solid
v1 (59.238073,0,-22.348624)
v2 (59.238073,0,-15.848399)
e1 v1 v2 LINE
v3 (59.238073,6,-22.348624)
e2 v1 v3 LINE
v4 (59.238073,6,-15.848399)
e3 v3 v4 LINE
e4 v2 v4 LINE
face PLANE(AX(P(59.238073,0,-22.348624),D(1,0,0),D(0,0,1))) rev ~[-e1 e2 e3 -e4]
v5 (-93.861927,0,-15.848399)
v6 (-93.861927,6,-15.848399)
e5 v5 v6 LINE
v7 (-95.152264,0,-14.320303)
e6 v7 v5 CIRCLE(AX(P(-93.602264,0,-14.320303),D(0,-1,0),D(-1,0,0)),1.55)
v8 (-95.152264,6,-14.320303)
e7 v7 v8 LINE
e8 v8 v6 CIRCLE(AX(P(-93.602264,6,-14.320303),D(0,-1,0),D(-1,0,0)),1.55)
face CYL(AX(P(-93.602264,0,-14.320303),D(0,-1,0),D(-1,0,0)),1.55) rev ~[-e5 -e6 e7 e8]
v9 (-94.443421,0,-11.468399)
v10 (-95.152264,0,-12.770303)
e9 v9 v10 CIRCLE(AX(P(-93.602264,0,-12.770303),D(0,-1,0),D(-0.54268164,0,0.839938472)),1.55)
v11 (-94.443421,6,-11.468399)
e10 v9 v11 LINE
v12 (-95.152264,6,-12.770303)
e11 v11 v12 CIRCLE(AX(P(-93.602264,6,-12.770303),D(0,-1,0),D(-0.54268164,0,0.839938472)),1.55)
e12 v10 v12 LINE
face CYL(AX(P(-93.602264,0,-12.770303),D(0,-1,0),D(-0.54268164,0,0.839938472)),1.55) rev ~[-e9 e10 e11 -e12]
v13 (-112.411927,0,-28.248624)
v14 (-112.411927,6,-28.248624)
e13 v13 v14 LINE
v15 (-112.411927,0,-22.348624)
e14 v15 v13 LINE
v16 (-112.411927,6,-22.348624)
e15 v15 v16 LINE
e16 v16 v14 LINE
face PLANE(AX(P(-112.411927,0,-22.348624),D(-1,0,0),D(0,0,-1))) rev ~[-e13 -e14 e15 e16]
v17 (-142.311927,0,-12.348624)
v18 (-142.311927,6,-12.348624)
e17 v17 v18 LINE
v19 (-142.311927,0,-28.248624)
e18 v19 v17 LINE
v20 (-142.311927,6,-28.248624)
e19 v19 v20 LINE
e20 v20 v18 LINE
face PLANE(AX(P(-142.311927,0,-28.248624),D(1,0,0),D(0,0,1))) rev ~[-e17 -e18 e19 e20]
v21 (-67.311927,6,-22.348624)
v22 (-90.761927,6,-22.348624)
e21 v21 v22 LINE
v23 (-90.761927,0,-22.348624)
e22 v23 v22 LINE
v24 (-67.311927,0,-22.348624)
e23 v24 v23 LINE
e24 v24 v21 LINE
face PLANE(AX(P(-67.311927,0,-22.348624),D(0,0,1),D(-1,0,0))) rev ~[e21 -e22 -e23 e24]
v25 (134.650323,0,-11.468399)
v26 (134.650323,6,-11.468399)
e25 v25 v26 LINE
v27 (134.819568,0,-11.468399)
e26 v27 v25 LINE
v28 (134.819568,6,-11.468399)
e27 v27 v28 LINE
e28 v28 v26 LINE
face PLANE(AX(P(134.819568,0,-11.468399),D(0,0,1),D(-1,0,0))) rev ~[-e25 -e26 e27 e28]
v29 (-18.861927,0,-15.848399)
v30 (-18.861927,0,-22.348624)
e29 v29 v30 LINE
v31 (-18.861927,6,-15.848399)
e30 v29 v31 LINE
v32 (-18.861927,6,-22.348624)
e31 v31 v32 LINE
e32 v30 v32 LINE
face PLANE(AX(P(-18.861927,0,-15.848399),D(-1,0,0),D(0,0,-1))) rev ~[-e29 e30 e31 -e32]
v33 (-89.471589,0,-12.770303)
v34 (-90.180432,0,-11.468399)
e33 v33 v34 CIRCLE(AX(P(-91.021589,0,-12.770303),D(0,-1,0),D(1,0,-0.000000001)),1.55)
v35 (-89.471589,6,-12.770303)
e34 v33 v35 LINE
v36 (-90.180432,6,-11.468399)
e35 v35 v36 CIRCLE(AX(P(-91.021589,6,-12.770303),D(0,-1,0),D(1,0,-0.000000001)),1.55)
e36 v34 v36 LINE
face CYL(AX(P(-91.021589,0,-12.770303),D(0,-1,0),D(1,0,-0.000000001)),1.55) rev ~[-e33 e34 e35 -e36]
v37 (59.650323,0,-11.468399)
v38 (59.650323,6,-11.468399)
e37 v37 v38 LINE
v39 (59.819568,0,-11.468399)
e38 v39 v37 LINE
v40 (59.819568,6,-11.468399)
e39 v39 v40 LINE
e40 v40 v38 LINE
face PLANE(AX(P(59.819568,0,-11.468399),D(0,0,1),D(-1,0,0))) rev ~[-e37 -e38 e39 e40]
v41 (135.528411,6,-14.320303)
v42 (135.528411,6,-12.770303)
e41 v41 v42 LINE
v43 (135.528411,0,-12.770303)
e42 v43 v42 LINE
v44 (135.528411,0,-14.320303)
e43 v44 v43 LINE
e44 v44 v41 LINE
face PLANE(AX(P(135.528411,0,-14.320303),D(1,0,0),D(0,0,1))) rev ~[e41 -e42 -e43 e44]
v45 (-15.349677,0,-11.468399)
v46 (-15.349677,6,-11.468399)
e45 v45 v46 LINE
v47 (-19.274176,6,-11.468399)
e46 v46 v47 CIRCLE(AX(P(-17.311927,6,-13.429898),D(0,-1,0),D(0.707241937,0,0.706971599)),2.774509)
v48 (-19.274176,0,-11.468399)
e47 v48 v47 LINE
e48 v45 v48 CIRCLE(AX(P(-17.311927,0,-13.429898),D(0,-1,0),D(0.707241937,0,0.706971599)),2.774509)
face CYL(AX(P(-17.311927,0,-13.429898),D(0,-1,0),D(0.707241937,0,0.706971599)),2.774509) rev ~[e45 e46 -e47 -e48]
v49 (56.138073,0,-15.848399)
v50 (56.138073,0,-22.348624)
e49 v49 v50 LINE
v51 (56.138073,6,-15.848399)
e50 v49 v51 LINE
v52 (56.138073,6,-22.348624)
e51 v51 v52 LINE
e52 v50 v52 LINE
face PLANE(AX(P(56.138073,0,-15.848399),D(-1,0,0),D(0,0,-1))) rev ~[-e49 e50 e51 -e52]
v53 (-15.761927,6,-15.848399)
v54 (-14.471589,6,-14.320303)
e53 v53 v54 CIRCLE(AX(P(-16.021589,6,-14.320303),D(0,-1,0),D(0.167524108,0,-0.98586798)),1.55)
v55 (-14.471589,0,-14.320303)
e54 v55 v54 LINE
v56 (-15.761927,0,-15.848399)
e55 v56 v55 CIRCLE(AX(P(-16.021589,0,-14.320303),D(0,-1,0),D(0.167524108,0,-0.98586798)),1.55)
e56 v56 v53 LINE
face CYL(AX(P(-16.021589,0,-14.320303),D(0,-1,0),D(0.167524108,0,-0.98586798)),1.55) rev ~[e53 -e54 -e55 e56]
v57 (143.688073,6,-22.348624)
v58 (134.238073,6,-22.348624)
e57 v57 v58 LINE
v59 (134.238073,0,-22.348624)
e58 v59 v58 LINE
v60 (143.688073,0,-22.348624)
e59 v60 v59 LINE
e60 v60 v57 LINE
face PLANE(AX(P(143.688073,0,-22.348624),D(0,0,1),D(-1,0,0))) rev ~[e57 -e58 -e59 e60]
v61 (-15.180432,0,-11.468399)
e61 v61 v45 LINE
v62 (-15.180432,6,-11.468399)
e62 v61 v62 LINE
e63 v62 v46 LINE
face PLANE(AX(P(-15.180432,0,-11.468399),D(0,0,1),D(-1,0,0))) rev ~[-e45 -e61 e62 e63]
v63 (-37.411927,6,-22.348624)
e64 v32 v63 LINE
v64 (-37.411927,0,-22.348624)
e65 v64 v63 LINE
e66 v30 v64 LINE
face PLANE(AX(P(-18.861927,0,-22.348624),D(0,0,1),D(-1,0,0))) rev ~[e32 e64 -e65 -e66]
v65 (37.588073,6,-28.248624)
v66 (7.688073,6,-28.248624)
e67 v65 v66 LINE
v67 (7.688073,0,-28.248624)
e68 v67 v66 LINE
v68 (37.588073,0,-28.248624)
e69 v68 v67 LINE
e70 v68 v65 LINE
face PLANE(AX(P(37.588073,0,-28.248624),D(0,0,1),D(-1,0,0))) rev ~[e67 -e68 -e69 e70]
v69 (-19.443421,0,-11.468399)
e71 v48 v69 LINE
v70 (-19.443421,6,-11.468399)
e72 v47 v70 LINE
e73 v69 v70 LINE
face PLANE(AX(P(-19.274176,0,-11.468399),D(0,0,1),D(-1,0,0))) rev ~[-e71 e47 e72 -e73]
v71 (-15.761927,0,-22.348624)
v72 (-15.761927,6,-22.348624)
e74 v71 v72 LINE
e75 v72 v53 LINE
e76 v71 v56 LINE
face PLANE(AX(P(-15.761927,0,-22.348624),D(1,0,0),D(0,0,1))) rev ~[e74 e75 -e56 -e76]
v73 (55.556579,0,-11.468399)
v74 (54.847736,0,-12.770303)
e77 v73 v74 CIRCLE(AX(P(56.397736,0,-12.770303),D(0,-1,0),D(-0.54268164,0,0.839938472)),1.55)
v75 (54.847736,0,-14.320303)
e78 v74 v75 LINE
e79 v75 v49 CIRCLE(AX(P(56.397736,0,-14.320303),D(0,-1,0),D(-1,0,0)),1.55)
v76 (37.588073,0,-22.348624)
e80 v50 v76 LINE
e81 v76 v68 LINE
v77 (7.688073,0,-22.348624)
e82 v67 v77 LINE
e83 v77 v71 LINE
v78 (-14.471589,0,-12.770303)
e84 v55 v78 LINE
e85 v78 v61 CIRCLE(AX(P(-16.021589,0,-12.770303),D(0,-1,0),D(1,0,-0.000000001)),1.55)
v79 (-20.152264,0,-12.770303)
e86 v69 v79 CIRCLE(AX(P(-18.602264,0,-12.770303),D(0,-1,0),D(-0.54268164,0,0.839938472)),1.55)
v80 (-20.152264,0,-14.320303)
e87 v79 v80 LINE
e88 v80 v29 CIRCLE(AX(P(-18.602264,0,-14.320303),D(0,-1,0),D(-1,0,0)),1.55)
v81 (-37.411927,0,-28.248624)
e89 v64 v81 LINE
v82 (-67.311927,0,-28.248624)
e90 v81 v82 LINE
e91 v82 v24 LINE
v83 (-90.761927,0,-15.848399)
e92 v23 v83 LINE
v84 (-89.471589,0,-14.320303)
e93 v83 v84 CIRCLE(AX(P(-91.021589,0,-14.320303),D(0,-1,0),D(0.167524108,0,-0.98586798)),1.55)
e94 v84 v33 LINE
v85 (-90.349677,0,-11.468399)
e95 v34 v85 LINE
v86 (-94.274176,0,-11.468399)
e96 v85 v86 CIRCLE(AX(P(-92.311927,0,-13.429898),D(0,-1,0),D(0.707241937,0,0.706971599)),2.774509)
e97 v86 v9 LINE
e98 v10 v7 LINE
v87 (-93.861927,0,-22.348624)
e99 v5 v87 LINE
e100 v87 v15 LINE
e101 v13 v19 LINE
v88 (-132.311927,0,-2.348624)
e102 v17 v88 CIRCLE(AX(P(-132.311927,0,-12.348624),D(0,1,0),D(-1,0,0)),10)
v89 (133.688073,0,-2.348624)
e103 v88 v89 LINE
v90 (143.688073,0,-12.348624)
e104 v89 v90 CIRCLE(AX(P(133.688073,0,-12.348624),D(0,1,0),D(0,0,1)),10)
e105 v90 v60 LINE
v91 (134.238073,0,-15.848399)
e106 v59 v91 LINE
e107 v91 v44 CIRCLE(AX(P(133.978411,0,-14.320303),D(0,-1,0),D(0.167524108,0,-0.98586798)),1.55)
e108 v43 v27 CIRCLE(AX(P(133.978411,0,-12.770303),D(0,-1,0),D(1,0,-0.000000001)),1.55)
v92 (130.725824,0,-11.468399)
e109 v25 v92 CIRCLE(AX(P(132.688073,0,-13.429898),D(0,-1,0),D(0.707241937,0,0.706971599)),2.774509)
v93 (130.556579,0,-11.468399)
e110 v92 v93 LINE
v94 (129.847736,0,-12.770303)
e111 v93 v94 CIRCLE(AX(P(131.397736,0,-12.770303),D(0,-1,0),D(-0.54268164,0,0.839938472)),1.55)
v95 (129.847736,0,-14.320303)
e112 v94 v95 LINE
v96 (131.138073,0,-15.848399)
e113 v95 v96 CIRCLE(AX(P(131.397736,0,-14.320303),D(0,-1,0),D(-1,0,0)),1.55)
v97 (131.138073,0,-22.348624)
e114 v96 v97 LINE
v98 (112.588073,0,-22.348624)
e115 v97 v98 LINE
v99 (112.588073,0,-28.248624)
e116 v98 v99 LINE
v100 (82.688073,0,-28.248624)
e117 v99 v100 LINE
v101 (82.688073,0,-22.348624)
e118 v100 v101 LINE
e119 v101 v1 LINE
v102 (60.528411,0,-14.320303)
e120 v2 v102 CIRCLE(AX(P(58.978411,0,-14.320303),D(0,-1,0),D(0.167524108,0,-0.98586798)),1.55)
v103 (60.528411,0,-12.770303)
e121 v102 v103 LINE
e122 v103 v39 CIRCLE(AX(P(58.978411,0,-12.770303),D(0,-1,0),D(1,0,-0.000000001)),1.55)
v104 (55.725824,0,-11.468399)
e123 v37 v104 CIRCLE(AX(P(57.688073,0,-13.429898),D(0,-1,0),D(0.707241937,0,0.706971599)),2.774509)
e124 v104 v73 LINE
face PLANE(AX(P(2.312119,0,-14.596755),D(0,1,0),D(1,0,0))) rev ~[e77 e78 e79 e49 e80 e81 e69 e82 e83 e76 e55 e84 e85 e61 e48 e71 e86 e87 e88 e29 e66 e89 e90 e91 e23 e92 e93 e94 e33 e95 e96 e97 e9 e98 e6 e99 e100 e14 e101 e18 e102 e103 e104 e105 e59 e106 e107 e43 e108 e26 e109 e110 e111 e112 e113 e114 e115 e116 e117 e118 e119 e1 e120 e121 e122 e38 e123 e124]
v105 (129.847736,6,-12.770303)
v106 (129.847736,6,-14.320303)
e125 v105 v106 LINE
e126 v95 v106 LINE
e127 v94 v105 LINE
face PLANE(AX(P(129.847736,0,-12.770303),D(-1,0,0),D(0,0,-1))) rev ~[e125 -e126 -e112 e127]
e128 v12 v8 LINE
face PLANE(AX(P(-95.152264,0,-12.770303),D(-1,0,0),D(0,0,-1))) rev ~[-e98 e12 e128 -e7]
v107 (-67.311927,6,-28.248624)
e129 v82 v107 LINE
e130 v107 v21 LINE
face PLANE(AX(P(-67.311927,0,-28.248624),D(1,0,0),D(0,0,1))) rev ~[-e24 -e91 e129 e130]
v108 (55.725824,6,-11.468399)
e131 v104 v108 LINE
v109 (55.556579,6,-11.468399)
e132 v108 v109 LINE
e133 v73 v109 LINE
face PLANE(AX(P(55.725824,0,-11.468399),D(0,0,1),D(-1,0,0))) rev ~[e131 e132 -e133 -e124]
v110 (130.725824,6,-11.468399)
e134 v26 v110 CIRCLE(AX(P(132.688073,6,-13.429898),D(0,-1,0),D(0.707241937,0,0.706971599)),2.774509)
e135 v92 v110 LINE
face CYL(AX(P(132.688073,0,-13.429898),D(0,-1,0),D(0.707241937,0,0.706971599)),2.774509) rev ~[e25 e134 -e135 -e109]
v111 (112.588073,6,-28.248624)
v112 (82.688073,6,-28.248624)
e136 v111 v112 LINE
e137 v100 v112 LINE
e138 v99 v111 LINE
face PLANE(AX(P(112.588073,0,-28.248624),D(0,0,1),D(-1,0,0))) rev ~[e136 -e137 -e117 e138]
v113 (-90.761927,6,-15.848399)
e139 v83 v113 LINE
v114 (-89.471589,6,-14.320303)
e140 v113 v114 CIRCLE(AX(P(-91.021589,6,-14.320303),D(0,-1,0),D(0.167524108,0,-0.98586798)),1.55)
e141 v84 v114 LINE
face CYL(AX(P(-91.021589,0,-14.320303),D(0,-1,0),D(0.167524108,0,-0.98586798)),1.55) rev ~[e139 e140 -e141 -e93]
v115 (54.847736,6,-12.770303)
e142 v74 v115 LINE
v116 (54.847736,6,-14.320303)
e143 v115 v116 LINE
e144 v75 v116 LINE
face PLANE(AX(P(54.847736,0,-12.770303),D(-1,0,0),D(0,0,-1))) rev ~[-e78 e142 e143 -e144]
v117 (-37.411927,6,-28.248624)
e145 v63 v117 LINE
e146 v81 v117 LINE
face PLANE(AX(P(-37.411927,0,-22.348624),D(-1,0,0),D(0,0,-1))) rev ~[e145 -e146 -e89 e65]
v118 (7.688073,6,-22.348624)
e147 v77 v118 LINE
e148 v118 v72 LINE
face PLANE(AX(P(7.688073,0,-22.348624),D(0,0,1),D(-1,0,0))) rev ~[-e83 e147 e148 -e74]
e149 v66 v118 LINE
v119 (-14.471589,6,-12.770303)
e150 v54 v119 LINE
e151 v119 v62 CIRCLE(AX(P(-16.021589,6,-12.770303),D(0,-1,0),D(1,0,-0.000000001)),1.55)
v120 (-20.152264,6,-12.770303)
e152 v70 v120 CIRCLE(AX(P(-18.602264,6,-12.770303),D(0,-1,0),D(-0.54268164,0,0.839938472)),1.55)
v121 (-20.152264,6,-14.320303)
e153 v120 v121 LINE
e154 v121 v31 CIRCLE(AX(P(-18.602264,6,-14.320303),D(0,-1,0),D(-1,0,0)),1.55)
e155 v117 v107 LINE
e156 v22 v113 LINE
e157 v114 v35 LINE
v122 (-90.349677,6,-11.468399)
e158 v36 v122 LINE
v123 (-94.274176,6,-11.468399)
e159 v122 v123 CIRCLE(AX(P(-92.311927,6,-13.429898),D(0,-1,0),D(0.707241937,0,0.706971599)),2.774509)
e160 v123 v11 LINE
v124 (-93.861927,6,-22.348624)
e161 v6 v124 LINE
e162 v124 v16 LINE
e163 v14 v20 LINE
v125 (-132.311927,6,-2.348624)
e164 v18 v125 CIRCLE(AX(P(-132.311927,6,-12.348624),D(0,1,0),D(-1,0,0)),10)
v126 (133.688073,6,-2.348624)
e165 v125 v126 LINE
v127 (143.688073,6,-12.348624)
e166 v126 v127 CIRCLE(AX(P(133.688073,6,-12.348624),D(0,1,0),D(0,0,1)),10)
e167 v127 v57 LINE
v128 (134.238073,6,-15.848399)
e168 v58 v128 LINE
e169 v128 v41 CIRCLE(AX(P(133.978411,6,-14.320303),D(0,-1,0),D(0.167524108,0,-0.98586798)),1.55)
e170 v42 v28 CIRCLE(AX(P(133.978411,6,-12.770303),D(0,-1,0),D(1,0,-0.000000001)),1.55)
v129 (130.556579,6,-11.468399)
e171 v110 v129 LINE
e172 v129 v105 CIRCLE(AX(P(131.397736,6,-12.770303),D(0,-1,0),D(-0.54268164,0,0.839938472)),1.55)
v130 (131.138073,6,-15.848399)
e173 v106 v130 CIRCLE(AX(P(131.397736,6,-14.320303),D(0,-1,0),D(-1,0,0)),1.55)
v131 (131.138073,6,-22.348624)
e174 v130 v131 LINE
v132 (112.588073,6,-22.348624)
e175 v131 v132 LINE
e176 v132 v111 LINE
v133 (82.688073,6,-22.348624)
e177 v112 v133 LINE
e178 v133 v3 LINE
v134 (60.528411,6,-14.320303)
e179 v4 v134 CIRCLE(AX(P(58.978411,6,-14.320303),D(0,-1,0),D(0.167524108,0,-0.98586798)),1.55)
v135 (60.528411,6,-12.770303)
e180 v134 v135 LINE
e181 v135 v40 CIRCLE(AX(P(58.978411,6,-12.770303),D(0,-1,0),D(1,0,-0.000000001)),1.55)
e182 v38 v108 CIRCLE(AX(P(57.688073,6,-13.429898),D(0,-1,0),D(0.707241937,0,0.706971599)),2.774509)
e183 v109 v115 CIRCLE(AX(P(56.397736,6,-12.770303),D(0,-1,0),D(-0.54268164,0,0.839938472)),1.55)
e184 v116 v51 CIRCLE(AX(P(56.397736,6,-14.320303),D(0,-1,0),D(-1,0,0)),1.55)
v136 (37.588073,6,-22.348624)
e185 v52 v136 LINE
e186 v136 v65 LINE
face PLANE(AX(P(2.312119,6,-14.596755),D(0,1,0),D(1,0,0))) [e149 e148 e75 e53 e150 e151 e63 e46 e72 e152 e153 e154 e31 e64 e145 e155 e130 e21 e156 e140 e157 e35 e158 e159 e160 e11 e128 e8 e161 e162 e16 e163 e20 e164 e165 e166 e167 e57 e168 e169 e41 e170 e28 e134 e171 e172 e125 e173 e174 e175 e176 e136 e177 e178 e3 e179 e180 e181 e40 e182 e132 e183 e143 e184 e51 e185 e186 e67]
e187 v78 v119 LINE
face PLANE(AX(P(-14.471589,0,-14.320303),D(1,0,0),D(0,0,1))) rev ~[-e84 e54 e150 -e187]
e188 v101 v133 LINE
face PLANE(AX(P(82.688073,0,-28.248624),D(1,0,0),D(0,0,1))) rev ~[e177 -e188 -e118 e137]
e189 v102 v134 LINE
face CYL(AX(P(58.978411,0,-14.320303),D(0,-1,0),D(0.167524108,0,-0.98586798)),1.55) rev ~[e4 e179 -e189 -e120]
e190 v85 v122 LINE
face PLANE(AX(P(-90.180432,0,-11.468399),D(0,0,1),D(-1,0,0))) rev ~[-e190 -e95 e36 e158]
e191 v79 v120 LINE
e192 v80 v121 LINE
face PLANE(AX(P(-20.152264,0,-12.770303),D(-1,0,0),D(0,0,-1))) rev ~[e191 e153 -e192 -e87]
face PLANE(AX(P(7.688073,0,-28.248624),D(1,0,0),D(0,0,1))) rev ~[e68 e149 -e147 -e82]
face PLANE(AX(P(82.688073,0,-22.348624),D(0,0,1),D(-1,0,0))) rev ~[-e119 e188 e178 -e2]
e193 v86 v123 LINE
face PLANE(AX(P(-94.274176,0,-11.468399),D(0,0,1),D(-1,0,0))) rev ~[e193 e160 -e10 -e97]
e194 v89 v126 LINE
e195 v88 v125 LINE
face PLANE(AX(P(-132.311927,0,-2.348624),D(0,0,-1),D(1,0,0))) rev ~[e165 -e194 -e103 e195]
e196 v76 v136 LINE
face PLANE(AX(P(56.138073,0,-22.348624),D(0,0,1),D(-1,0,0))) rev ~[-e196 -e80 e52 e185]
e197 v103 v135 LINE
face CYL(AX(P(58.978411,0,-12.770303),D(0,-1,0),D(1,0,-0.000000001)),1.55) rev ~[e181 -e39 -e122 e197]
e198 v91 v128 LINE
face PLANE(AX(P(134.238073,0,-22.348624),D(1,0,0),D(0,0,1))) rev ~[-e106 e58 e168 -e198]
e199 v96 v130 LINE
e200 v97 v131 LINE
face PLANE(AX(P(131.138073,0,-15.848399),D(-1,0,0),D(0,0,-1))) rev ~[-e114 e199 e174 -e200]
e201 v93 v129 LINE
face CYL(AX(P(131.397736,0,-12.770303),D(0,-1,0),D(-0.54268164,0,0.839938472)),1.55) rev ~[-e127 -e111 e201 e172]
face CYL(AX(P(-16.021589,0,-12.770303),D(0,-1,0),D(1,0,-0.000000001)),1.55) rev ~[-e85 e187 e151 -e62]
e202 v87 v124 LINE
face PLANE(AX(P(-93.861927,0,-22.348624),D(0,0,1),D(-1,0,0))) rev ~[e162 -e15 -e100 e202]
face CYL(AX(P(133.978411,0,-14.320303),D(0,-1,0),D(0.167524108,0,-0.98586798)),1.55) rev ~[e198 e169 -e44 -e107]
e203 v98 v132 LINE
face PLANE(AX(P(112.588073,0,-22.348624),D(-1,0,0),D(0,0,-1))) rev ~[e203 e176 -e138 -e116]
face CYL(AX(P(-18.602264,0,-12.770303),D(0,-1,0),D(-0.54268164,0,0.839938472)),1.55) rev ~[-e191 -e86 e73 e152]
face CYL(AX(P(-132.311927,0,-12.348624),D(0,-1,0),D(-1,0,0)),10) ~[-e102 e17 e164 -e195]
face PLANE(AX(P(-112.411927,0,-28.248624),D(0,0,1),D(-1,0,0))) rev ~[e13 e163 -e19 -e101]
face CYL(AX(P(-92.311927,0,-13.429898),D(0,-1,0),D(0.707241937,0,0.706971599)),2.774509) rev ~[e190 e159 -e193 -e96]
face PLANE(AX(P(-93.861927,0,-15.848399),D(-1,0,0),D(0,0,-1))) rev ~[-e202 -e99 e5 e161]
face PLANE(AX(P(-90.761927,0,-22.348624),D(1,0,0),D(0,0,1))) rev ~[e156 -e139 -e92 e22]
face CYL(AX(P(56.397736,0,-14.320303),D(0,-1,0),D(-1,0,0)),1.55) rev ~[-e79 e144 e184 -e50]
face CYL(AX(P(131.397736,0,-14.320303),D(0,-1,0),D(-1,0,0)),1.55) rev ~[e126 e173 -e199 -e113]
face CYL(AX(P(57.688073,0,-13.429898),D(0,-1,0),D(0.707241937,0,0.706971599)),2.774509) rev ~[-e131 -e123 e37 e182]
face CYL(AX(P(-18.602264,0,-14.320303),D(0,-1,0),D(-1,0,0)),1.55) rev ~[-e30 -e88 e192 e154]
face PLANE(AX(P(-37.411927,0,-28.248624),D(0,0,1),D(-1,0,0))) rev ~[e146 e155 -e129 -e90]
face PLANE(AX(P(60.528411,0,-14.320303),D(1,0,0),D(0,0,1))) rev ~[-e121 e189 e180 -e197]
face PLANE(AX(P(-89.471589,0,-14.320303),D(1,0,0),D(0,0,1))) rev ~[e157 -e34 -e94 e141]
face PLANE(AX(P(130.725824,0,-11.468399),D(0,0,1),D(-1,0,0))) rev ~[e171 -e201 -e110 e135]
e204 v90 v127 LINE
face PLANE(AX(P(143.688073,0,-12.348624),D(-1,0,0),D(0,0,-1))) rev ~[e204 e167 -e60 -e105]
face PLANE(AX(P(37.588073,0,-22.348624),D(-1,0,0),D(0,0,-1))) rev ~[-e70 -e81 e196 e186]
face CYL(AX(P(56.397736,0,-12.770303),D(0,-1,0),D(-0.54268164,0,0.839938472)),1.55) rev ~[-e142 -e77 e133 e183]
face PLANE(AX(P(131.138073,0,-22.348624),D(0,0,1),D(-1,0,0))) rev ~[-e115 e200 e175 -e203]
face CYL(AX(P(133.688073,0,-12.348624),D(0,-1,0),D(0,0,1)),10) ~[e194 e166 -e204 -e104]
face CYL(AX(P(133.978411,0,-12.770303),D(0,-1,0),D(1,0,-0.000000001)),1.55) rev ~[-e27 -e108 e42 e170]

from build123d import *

# Parameters (mm, degrees)
SALIENTE_EXTRUIR1_DEPTH = 6


with BuildPart() as part:
    # Croquis1 → Saliente-Extruir1 (new body)
    with BuildSketch(Plane(origin=(0, 0, 0), x_dir=(1, 0, 0), z_dir=(0, 1, 0))):
        with BuildLine():
            ThreePointArc((-95.152264236, 14.320303243), (-94.78653124, 15.320309075), (-93.861926606, 15.848398611))
            Line((-93.861926606, 15.848398611), (-93.861926606, 22.348623853))
            Line((-93.861926606, 22.348623853), (-112.411926606, 22.348623853))
            Line((-112.411926606, 22.348623853), (-112.411926606, 28.248623853))
            Line((-112.411926606, 28.248623853), (-142.311926606, 28.248623853))
            Line((-142.311926606, 28.248623853), (-142.311926606, 22.348623853))
            Line((-142.311926606, 22.348623853), (-142.311926606, 12.348623853))
            ThreePointArc((-142.311926606, 12.348623853), (-139.382994417, 5.277556041), (-132.311926606, 2.348623853))
            Line((-132.311926606, 2.348623853), (127.688073394, 2.348623853))
            Line((127.688073394, 2.348623853), (133.688073394, 2.348623853))
            ThreePointArc((133.688073394, 2.348623853), (140.759141206, 5.277556041), (143.688073394, 12.348623853))
            Line((143.688073394, 12.348623853), (143.688073394, 22.348623853))
            Line((143.688073394, 22.348623853), (137.688073394, 22.348623853))
            Line((137.688073394, 22.348623853), (134.238073394, 22.348623853))
            Line((134.238073394, 22.348623853), (134.238073394, 15.848398611))
            ThreePointArc((134.238073394, 15.848398611), (135.162678029, 15.320309075), (135.528411025, 14.320303243))
            Line((135.528411025, 14.320303243), (135.528411025, 12.770303243))
            ThreePointArc((135.528411025, 12.770303243), (135.339714195, 12.029119271), (134.819567568, 11.468398611))
            Line((134.819567568, 11.468398611), (134.650322636, 11.468398611))
            ThreePointArc((134.650322636, 11.468398611), (132.688073394, 10.655388626), (130.725824153, 11.468398611))
            Line((130.725824153, 11.468398611), (130.556579221, 11.468398611))
            ThreePointArc((130.556579221, 11.468398611), (130.036432594, 12.029119271), (129.847735764, 12.770303243))
            Line((129.847735764, 12.770303243), (129.847735764, 14.320303243))
            ThreePointArc((129.847735764, 14.320303243), (130.21346876, 15.320309075), (131.138073394, 15.848398611))
            Line((131.138073394, 15.848398611), (131.138073394, 22.348623853))
            Line((131.138073394, 22.348623853), (112.588073394, 22.348623853))
            Line((112.588073394, 22.348623853), (112.588073394, 28.248623853))
            Line((112.588073394, 28.248623853), (82.688073394, 28.248623853))
            Line((82.688073394, 28.248623853), (82.688073394, 22.348623853))
            Line((82.688073394, 22.348623853), (59.238073394, 22.348623853))
            Line((59.238073394, 22.348623853), (59.238073394, 15.848398611))
            ThreePointArc((59.238073394, 15.848398611), (60.162678029, 15.320309075), (60.528411025, 14.320303243))
            Line((60.528411025, 14.320303243), (60.528411025, 12.770303243))
            ThreePointArc((60.528411025, 12.770303243), (60.339714195, 12.029119271), (59.819567568, 11.468398611))
            Line((59.819567568, 11.468398611), (59.650322636, 11.468398611))
            ThreePointArc((59.650322636, 11.468398611), (57.688073394, 10.655388626), (55.725824153, 11.468398611))
            Line((55.725824153, 11.468398611), (55.556579221, 11.468398611))
            ThreePointArc((55.556579221, 11.468398611), (55.036432594, 12.029119271), (54.847735764, 12.770303243))
            Line((54.847735764, 12.770303243), (54.847735764, 14.320303243))
            ThreePointArc((54.847735764, 14.320303243), (55.21346876, 15.320309075), (56.138073394, 15.848398611))
            Line((56.138073394, 15.848398611), (56.138073394, 22.348623853))
            Line((56.138073394, 22.348623853), (37.588073394, 22.348623853))
            Line((37.588073394, 22.348623853), (37.588073394, 28.248623853))
            Line((37.588073394, 28.248623853), (7.688073394, 28.248623853))
            Line((7.688073394, 28.248623853), (7.688073394, 22.348623853))
            Line((7.688073394, 22.348623853), (-15.761926606, 22.348623853))
            Line((-15.761926606, 22.348623853), (-15.761926606, 15.848398611))
            ThreePointArc((-15.761926606, 15.848398611), (-14.837321971, 15.320309075), (-14.471588975, 14.320303243))
            Line((-14.471588975, 14.320303243), (-14.471588975, 12.770303243))
            ThreePointArc((-14.471588975, 12.770303243), (-14.660285805, 12.029119271), (-15.180432432, 11.468398611))
            Line((-15.180432432, 11.468398611), (-15.349677364, 11.468398611))
            ThreePointArc((-15.349677364, 11.468398611), (-17.311926606, 10.655388626), (-19.274175847, 11.468398611))
            Line((-19.274175847, 11.468398611), (-19.443420779, 11.468398611))
            ThreePointArc((-19.443420779, 11.468398611), (-19.963567406, 12.029119271), (-20.152264236, 12.770303243))
            Line((-20.152264236, 12.770303243), (-20.152264236, 14.320303243))
            ThreePointArc((-20.152264236, 14.320303243), (-19.78653124, 15.320309075), (-18.861926606, 15.848398611))
            Line((-18.861926606, 15.848398611), (-18.861926606, 22.348623853))
            Line((-18.861926606, 22.348623853), (-37.411926606, 22.348623853))
            Line((-37.411926606, 22.348623853), (-37.411926606, 28.248623853))
            Line((-37.411926606, 28.248623853), (-67.311926606, 28.248623853))
            Line((-67.311926606, 28.248623853), (-67.311926606, 22.348623853))
            Line((-67.311926606, 22.348623853), (-90.761926606, 22.348623853))
            Line((-90.761926606, 22.348623853), (-90.761926606, 15.848398611))
            ThreePointArc((-90.761926606, 15.848398611), (-89.837321971, 15.320309075), (-89.471588975, 14.320303243))
            Line((-89.471588975, 14.320303243), (-89.471588975, 12.770303243))
            ThreePointArc((-89.471588975, 12.770303243), (-89.660285805, 12.029119271), (-90.180432432, 11.468398611))
            Line((-90.180432432, 11.468398611), (-90.349677364, 11.468398611))
            ThreePointArc((-90.349677364, 11.468398611), (-92.311926606, 10.655388626), (-94.274175847, 11.468398611))
            Line((-94.274175847, 11.468398611), (-94.443420779, 11.468398611))
            ThreePointArc((-94.443420779, 11.468398611), (-94.963567406, 12.029119271), (-95.152264236, 12.770303243))
            Line((-95.152264236, 12.770303243), (-95.152264236, 14.320303243))
        make_face()
    extrude(amount=SALIENTE_EXTRUIR1_DEPTH)


solid = part.part
